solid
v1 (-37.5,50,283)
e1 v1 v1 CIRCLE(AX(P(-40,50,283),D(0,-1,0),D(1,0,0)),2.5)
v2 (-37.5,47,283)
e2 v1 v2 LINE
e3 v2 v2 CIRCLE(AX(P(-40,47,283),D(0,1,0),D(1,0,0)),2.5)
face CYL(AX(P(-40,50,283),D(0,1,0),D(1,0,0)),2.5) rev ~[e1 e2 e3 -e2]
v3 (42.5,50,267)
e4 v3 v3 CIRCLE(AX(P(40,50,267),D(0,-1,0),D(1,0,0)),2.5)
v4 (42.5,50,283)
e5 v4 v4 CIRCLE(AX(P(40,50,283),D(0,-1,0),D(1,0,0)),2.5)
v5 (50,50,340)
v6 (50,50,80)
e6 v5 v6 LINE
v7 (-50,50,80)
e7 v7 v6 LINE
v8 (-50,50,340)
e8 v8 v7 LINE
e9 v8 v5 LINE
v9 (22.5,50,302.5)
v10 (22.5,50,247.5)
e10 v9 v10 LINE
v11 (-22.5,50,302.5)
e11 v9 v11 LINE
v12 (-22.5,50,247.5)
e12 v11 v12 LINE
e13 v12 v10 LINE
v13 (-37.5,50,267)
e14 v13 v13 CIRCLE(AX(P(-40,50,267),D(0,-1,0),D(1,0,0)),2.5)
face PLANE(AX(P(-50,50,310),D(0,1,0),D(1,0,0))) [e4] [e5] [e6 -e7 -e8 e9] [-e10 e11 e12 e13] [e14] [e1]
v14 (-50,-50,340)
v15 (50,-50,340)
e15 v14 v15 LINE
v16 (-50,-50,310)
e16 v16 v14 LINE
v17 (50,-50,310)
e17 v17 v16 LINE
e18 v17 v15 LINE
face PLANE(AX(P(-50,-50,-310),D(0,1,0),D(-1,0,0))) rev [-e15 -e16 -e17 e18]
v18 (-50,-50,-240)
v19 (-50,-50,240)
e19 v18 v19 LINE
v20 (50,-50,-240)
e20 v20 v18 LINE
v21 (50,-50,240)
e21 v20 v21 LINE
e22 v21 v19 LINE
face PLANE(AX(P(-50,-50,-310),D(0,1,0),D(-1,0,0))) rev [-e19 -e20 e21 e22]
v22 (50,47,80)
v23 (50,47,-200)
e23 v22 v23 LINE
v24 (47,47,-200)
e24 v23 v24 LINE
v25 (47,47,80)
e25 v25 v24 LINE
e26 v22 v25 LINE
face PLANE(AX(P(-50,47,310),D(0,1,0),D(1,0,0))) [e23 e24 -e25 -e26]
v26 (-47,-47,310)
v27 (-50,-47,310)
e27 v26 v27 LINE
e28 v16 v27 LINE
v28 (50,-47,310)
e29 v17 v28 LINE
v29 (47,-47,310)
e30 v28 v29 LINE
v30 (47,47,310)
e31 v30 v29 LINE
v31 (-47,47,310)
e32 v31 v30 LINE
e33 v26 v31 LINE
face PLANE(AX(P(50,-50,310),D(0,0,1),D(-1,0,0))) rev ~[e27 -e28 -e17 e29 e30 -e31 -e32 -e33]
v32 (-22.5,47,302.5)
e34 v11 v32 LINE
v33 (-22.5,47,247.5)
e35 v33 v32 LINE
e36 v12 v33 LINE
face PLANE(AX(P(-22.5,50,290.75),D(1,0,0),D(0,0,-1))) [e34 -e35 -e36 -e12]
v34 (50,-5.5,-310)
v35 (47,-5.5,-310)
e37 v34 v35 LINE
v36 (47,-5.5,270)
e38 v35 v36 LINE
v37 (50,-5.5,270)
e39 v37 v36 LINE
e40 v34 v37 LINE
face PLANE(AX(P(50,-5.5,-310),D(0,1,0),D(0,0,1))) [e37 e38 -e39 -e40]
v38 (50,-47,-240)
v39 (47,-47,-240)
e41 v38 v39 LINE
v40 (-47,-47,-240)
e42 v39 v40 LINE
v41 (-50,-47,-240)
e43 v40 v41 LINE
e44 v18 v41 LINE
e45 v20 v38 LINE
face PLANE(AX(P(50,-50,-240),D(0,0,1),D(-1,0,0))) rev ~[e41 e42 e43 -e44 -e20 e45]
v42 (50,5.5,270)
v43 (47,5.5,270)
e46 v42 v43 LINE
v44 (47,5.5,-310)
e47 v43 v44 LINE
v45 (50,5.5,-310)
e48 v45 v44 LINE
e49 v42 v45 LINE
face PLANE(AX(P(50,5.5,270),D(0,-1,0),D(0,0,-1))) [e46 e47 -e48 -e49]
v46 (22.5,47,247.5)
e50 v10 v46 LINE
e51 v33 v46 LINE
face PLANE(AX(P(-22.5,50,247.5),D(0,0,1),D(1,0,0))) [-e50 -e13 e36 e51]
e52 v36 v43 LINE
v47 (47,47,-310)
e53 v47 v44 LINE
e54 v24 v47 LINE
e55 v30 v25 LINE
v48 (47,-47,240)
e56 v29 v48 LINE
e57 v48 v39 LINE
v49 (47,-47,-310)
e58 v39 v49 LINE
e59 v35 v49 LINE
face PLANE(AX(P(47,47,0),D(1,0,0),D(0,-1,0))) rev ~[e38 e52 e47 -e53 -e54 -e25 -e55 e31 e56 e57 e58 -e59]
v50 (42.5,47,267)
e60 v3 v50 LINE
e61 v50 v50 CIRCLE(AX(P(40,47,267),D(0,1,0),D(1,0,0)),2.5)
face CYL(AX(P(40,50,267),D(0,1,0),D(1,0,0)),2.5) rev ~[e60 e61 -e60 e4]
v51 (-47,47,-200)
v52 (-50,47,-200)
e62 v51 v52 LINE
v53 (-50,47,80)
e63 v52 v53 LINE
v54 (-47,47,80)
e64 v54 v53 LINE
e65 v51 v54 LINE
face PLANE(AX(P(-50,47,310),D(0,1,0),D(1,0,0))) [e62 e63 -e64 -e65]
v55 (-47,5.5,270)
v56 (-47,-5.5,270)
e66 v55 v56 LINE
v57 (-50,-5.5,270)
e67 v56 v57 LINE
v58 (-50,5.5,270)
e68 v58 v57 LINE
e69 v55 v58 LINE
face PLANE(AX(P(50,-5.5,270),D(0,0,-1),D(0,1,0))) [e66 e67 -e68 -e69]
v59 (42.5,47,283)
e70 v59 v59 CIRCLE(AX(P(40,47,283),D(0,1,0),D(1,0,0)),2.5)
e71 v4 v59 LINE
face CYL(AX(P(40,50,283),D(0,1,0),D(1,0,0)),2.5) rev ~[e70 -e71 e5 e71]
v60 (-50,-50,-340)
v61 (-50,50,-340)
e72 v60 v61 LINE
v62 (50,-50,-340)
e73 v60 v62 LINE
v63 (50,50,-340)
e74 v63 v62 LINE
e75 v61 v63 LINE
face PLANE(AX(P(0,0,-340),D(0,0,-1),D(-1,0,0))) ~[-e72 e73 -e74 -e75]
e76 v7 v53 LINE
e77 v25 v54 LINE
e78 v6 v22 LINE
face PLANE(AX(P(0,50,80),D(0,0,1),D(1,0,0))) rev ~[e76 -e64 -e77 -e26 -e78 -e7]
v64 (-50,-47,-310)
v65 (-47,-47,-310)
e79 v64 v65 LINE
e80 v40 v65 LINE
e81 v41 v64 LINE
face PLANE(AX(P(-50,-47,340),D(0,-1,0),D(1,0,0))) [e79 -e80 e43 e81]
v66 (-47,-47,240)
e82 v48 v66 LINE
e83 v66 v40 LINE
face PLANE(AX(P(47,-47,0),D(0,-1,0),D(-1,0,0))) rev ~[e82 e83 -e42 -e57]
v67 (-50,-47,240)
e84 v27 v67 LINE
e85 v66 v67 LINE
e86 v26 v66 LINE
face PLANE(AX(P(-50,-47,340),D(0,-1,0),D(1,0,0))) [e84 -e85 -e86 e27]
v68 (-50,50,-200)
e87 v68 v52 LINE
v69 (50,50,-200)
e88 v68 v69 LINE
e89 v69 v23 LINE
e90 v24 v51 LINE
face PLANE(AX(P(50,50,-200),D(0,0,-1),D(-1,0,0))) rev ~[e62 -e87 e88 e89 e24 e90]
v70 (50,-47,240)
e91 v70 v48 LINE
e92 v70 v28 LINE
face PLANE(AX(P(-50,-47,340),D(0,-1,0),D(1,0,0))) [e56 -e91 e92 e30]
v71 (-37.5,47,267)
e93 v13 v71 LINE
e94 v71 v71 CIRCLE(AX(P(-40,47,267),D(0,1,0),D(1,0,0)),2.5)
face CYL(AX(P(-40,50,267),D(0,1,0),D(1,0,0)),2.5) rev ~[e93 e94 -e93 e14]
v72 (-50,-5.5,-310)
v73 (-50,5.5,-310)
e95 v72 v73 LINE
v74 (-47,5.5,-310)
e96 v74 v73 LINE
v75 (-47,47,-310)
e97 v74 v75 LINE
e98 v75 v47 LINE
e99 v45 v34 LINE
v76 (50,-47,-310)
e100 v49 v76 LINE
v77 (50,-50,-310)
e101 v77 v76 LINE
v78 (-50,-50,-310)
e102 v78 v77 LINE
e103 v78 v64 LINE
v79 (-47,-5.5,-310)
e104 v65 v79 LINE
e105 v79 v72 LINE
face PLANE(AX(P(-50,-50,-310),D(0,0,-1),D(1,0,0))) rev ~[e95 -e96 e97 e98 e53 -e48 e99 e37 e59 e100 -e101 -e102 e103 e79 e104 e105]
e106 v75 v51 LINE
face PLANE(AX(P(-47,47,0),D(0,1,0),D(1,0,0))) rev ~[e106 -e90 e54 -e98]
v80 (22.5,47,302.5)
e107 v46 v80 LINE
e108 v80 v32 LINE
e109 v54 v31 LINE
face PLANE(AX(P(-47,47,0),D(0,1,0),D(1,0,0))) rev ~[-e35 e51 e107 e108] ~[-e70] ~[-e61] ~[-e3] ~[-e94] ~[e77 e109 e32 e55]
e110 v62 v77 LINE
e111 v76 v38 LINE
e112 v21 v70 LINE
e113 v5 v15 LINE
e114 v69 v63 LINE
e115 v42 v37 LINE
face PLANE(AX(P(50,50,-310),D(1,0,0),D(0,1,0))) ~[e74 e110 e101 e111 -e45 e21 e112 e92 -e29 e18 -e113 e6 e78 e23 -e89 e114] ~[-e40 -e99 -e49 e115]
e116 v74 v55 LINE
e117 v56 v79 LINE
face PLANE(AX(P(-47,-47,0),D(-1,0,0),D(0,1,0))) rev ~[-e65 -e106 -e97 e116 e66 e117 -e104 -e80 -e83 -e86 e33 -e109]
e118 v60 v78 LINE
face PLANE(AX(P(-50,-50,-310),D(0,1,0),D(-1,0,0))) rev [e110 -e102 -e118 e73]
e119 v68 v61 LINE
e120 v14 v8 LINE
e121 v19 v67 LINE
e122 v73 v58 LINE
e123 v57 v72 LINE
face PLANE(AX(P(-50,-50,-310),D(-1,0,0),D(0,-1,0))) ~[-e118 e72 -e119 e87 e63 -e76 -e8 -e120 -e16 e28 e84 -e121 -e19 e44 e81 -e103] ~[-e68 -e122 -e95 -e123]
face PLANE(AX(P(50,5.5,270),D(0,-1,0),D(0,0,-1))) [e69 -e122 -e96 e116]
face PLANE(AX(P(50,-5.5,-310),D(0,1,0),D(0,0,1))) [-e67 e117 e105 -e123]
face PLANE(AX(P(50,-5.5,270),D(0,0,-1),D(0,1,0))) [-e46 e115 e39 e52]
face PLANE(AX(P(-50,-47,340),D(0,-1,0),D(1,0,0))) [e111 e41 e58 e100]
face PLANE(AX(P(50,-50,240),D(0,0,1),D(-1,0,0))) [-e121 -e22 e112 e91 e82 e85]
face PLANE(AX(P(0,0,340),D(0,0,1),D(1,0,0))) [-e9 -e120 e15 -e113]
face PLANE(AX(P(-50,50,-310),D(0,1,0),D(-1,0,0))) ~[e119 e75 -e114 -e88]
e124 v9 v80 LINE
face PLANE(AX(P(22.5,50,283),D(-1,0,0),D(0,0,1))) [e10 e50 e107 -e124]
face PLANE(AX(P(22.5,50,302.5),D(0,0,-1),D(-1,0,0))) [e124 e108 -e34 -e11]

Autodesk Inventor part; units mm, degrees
ref_plane "YZ Plane" through (0, 0, 0) normal (1, 0, 0) x (0, 1, 0)
ref_plane "XZ Plane" through (0, 0, 0) normal (0, 1, 0) x (-1, 0, 0)
ref_plane "XY Plane" through (0, 0, 0) normal (0, 0, 1) x (1, 0, 0)
sketch "Sketch1" plane through (0, 0, 0) normal (0, 0, 1) x (1, 0, 0)
  line L0 (-50, 50) -> (50, 50)
  line L1 (50, 50) -> (50, -50)
  line L2 (50, -50) -> (-50, -50)
  line L3 (-50, -50) -> (-50, 50)
  line L4 (-50, 50) -> (50, -50) construction
  line L5 (50, 50) -> (-50, -50) construction
  line L6 (-47, 47) -> (47, 47)
  line L7 (47, 47) -> (47, -47)
  line L8 (47, -47) -> (-47, -47)
  line L9 (-47, -47) -> (-47, 47)
  line L10 (-47, 47) -> (47, -47) construction
  line L11 (47, 47) -> (-47, -47) construction
  point P0 (0, 0)
  dimension "d0" = 100
  dimension "d1" = 100
  dimension "d2" = 94
  dimension "d3" = 94
extrude "Extrusion1" add sketch "Sketch1" along normal mid plane 620
sketch "Sketch3" plane through (50, -50, 310) normal (1, 0, 0) x (0, 0, -1)
  line L0 (310, 50) -> (40, 50)
  line L1 (310, 50) -> (620, 50)
  line L2 (620, 50) -> (330, 50)
  line L3 (40, 50) -> (330, 50)
  line L4 (40, 55.5) -> (620, 55.5)
  line L5 (620, 55.5) -> (620, 44.5)
  line L6 (620, 44.5) -> (40, 44.5)
  line L7 (40, 44.5) -> (40, 55.5)
  line L8 (40, 55.5) -> (620, 44.5) construction
  line L9 (620, 55.5) -> (40, 44.5) construction
  dimension "d6" = 270
  dimension "d7" = 310
  dimension "d23" = 290
  dimension "d24" = 580
  dimension "d25" = 11
extrude "Extrusion2" cut sketch "Sketch3" against normal blind 620
sketch "Sketch4" plane through (-50, 50, 310) normal (0, 1, 0) x (1, 0, 0)
  line L0 (50, 310) -> (50, 230)
  line L1 (50, 310) -> (50, 510)
  line L2 (50, 510) -> (50, 370)
  line L3 (0, 230) -> (100, 230)
  line L4 (100, 230) -> (100, 510)
  line L5 (100, 510) -> (0, 510)
  line L6 (0, 510) -> (0, 230)
  line L7 (0, 230) -> (100, 510) construction
  line L8 (100, 230) -> (0, 510) construction
  dimension "d12" = 80
  dimension "d13" = 200
  dimension "d14" = 140
extrude "Extrusion3" cut sketch "Sketch4" against normal blind 3
sketch "Sketch7" plane through (0, 0, 310) normal (0, 0, 1) x (1, 0, 0)
  line L0 (-50, -50) -> (50, -50) projected
  line L1 (-50, 50) -> (50, 50)
  line L2 (50, 50) -> (50, -50)
  line L3 (50, -50) -> (-50, -50)
  line L4 (-50, -50) -> (-50, 50)
  line L5 (-50, 50) -> (50, -50) construction
  line L6 (50, 50) -> (-50, -50) construction
  point P0 (0, 0)
extrude "Extrusion4" add sketch "Sketch7" along normal blind 30
mirror "Mirror1" about plane through (0, 0, 0) normal (0, 0, 1) of "Extrusion4"
sketch "Sketch9" plane through (-50, -50, 340) normal (0, -1, 0) x (1, 0, 0)
  line L0 (100, -30) -> (0, -30)
  line L1 (0, -30) -> (0, -650)
  line L2 (0, -650) -> (100, -650)
  line L3 (100, -650) -> (100, -30)
  line L4 (100, -30) -> (0, -650) construction
  line L5 (0, -30) -> (100, -650) construction
  line L6 (0, -30) -> (100, -30)
  line L7 (100, -30) -> (100, -100)
  line L8 (100, -100) -> (0, -100)
  line L9 (0, -100) -> (0, -30)
  line L10 (0, -650) -> (100, -650)
  line L11 (100, -650) -> (100, -580)
  line L12 (100, -580) -> (0, -580)
  line L13 (0, -580) -> (0, -650)
  point P0 (50, -340)
  dimension "d26" = 100
  dimension "d27" = 620
  dimension "d28" = 100
  dimension "d29" = 70
  dimension "d30" = 100
  dimension "d31" = 70
extrude "Extrusion6" cut sketch "Sketch9" against normal blind 3 contours L3 L8 L1 L0 | L3 L2 L1 L12
sketch "Sketch10" plane through (-50, 50, 80) normal (0, 1, 0) x (1, 0, 0)
  line L0 (100, -160) -> (0, -160) projected
  line L1 (0, -230) -> (100, -230) projected
  line L2 (0, -230) -> (100, -160)
  line L3 (10, -203) -> (90, -203)
  line L4 (90, -203) -> (90, -187)
  line L5 (90, -187) -> (10, -187)
  line L6 (10, -187) -> (10, -203)
  line L7 (10, -203) -> (90, -187) construction
  line L8 (90, -203) -> (10, -187) construction
  circle A0 centre (10, -187) radius 2.5
  circle A1 centre (10, -203) radius 2.5
  circle A2 centre (90, -203) radius 2.5
  circle A3 centre (90, -187) radius 2.5
  line L9 (72.5, -222.5) -> (27.5, -222.5)
  line L10 (27.5, -222.5) -> (27.5, -167.5)
  line L11 (27.5, -167.5) -> (72.5, -167.5)
  line L12 (72.5, -167.5) -> (72.5, -222.5)
  line L13 (72.5, -222.5) -> (27.5, -167.5) construction
  line L14 (27.5, -222.5) -> (72.5, -167.5) construction
  point P0 (50, 80)
  point P1 (50, -195)
  dimension "d34" = 80
  dimension "d35" = 16
  dimension "d36" = 5
  dimension "d37" = 5
  dimension "d38" = 5
  dimension "d39" = 5
  dimension "d42" = 45
  dimension "d43" = 55
extrude "Extrusion7" cut sketch "Sketch10" against normal blind 3 contours L10 L3 L2 | L2 L3 L12 L9 L10 | L3 L10 L5 L2 | L2 L5 L12 L3 | L5 L10 L11 L12 L2 | L2 L12 L5 | A1 L6 L3 | L3 L6 A1 | A2 L4 L3 | L3 L4 A2 | A0 L6 L5 | L5 L6 A0 | A3 L4 L5 | L5 L4 A3
properties part number "GUIA_CUADRADA"
